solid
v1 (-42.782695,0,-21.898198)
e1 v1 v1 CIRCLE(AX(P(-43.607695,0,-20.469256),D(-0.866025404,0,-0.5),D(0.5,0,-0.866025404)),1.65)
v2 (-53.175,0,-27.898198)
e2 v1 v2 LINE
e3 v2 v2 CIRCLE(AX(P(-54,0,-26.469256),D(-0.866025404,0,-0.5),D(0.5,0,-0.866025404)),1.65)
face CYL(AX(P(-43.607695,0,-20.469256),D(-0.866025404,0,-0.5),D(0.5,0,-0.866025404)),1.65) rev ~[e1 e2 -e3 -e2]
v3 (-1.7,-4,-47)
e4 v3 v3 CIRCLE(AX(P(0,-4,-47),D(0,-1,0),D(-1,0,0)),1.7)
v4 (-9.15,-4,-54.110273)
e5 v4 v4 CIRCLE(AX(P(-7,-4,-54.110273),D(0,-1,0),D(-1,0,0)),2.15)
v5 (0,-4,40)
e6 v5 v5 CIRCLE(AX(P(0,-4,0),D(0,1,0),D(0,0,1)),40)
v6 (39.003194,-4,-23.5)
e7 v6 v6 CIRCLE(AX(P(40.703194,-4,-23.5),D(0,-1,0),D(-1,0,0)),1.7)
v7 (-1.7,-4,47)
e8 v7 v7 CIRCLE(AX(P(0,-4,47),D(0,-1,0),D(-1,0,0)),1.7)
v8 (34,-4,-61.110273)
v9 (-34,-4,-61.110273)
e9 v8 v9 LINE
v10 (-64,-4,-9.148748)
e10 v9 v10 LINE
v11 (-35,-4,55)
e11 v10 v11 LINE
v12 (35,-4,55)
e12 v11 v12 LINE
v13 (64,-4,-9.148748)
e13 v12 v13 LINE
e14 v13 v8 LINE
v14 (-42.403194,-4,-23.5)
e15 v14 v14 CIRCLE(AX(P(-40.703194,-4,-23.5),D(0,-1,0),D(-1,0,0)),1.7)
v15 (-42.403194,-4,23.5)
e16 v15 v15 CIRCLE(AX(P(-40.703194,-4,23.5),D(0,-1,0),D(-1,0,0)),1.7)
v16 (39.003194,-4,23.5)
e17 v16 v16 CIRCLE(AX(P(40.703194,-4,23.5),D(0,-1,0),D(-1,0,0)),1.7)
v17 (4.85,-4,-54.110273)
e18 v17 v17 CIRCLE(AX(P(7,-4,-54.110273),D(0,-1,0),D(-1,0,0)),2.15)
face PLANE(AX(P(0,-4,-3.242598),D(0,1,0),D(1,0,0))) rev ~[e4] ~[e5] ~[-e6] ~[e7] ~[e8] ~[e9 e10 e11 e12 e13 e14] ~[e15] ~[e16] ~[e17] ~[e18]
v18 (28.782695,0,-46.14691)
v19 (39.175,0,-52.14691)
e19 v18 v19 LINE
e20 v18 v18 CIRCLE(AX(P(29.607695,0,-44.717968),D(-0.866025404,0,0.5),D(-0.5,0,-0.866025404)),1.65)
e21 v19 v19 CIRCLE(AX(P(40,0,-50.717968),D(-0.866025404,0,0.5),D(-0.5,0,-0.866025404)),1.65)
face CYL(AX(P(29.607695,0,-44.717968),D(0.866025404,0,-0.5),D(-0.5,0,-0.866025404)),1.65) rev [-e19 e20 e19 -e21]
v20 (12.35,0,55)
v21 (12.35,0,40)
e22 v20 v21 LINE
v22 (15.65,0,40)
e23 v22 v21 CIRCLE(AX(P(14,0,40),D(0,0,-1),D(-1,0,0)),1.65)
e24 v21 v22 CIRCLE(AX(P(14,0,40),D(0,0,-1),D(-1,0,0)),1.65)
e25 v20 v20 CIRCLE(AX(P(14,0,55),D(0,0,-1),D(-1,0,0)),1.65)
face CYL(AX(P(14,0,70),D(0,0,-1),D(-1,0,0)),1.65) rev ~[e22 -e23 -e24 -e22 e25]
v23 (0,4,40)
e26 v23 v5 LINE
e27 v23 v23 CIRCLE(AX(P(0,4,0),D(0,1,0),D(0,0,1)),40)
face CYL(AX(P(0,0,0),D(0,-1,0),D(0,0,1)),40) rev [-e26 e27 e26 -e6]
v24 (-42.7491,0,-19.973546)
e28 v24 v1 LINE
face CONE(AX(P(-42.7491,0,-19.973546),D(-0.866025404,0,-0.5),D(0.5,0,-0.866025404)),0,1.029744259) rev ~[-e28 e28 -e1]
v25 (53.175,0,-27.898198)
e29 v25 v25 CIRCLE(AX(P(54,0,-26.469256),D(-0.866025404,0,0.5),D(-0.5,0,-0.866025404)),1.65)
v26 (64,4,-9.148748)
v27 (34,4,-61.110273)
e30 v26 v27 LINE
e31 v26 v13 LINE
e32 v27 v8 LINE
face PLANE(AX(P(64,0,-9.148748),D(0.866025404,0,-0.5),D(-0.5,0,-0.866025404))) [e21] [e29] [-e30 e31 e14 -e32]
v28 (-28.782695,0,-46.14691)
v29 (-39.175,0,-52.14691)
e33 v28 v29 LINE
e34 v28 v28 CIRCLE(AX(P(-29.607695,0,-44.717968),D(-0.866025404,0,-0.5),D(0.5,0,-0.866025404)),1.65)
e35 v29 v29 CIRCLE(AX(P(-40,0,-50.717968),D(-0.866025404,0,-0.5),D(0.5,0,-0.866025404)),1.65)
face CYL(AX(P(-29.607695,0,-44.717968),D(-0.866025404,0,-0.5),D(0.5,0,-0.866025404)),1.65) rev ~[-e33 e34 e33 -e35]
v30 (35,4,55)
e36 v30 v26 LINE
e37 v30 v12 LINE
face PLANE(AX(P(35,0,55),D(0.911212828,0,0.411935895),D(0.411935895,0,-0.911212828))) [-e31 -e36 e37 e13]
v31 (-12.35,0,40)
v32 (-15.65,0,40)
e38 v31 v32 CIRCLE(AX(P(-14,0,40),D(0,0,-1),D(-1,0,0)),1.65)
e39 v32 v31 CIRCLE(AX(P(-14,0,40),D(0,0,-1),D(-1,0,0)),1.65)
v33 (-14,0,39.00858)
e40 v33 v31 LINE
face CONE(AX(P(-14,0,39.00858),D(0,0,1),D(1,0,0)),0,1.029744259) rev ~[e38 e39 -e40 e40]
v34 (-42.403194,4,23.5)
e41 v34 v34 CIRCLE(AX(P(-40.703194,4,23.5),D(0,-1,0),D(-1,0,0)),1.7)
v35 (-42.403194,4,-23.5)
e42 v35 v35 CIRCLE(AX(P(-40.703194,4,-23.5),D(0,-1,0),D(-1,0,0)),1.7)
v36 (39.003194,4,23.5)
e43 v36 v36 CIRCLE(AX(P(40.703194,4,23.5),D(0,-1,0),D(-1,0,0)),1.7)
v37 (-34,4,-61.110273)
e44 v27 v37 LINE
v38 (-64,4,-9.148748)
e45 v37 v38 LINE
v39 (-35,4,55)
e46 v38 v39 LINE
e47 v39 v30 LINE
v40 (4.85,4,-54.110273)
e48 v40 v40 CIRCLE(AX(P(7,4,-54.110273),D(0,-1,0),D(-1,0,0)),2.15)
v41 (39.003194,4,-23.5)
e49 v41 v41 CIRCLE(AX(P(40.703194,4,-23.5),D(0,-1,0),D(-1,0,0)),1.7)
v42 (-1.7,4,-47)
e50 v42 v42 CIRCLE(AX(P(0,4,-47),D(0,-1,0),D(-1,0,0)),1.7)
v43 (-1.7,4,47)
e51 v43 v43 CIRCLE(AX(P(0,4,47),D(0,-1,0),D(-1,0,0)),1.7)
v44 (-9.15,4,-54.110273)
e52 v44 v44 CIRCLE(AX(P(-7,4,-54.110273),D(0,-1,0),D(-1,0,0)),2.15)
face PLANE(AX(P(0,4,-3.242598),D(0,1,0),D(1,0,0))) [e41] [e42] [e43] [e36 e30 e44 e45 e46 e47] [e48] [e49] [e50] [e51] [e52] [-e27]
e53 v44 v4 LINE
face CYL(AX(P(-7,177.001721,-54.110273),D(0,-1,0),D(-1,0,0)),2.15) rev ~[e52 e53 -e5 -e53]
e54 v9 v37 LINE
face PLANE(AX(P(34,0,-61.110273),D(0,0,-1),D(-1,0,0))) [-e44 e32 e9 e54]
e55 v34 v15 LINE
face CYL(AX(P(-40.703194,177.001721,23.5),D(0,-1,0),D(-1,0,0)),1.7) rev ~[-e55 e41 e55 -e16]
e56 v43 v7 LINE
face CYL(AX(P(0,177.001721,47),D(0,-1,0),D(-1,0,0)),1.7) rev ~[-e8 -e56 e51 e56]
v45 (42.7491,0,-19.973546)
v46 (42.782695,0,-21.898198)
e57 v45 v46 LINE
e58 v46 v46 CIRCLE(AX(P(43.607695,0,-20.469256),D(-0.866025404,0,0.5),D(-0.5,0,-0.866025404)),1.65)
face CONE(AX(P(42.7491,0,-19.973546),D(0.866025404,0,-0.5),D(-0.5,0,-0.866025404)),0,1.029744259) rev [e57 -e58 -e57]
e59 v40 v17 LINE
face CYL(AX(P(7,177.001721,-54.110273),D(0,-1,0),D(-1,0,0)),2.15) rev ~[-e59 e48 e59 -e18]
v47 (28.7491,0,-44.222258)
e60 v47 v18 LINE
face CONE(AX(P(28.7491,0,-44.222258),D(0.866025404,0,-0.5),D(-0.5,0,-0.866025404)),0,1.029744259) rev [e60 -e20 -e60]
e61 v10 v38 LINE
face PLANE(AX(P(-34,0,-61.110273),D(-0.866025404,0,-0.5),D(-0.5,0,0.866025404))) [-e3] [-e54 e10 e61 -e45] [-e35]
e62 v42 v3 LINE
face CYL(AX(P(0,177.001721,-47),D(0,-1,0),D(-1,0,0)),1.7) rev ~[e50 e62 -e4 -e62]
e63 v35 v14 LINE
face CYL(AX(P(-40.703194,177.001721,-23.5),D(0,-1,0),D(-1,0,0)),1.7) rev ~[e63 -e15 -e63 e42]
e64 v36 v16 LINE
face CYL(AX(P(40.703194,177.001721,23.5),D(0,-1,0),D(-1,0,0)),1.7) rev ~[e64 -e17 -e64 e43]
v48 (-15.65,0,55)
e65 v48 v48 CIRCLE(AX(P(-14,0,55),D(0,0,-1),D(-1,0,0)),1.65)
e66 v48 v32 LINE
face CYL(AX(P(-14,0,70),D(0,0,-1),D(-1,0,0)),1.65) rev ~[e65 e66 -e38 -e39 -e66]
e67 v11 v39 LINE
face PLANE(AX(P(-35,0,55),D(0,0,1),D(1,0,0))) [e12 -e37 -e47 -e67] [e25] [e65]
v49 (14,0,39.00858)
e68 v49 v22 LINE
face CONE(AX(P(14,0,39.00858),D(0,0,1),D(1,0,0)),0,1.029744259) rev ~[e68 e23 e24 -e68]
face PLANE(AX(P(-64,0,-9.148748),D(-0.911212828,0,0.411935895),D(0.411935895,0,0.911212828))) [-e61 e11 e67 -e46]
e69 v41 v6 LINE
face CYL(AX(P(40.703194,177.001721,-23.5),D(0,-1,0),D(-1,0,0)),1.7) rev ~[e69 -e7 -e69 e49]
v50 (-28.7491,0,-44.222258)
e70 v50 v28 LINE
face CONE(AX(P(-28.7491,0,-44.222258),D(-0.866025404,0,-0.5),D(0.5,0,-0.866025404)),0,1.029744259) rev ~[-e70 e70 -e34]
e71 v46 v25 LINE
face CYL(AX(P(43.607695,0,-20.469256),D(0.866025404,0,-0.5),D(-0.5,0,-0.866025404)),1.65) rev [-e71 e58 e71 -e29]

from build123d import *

# Parameters (mm, degrees)
SKETCH_2_R                  = 40
EXTRUDE_1_DEPTH             = 4
HOLE_WIZARD_M3_1_D          = 3.4
HOLE_WIZARD_M4_1_AT_2_COUNT = 2
HOLE_WIZARD_M4_1_AT_2_PITCH = 28
HOLE_WIZARD_M4_3_D          = 3.3
HOLE_WIZARD_M4_3_DEPTH      = 15
HOLE_WIZARD_M4_3_TIP        = 0.991420021
HOLE_WIZARD_M4_1_2_D        = 4.3


with BuildPart() as part:
    # 草图2 → 凸台-拉伸1 (new, symmetric)
    with BuildSketch(Plane(origin=(0, 0, 0), x_dir=(1, 0, 0), z_dir=(0, 1, 0))):
        Polygon((34, 61.110272543), (-34, 61.110272543), (-64, 9.148748316), (-35, -55), (35, -55), (64, 9.148748316), align=None)
        Circle(SKETCH_2_R, mode=Mode.SUBTRACT)
    extrude(amount=EXTRUDE_1_DEPTH, both=True)

    # M3 间隙孔1 (through all)
    with Locations(Plane(origin=(0, 4, 0), x_dir=(1, 0, 0), z_dir=(0, 1, 0))):
        with Locations((0, 47), (40.703193978, 23.5), (40.703193978, -23.5), (0, -47), (-40.703193978, -23.5), (-40.703193978, 23.5)):
            Hole(HOLE_WIZARD_M3_1_D / 2)

    # 草图7 → Hole Wizard M4 _1 (revolve, cut)
    with BuildSketch(Plane(origin=(40, 0, -50.717967697), x_dir=(-0.49999999999999784, 0, -0.8660254037844399), z_dir=(0, 1, 0))):
        Polygon((0, 0), (0, 12.991420021), (1.65, 12), (1.65, 0), align=None)
    hole_wizard_m4_1 = revolve(axis=Axis((45.499261314, 0, -53.892967697), (-0.8660254037844399, 0, 0.49999999999999784)), mode=Mode.SUBTRACT)

    # Hole Wizard M4 _1 at 2: Hole Wizard M4 _1 ×2
    with Locations(*[Vector(0.4999999999999979, 0, 0.8660254037844399) * (i * HOLE_WIZARD_M4_1_AT_2_PITCH) for i in range(1, HOLE_WIZARD_M4_1_AT_2_COUNT)]):
        add(hole_wizard_m4_1, mode=Mode.SUBTRACT)

    # 镜向1: Hole Wizard M4 _1 across plane
    add(hole_wizard_m4_1.mirror(Plane(origin=(0, 0, 0), x_dir=(0, 0, 1), z_dir=(1, 0, 0))), mode=Mode.SUBTRACT)

    # 镜向1 copy 1 sketch → 镜向1 copy 1 (revolve, cut)
    with BuildSketch(Plane(origin=(-54, 0, -26.469256391), x_dir=(0.49999999999999784, 0, -0.8660254037844399), z_dir=(0, 1, 0))):
        Polygon((0, 0), (0, -12.991420021), (1.65, -12), (1.65, 0), align=None)
    revolve(axis=Axis((-59.499261314, 0, -29.644256391), (-0.8660254037844399, 0, -0.49999999999999784)), mode=Mode.SUBTRACT)

    # M4 螺纹孔3
    with Locations(Plane.XY.offset(55)):
        with Locations((14, 0), (-14, 0)):
            Hole(HOLE_WIZARD_M4_3_D / 2, depth=HOLE_WIZARD_M4_3_DEPTH)
            with Locations((0, 0, -(HOLE_WIZARD_M4_3_DEPTH + HOLE_WIZARD_M4_3_TIP / 2))):  # 118° drill point
                Cone(0, HOLE_WIZARD_M4_3_D / 2, HOLE_WIZARD_M4_3_TIP, mode=Mode.SUBTRACT)

    # Hole Wizard M4 _1 2 (through all)
    with Locations(Plane(origin=(0, 4, 0), x_dir=(1, 0, 0), z_dir=(0, 1, 0))):
        with Locations((-7, 54.110272543), (7, 54.110272543)):
            Hole(HOLE_WIZARD_M4_1_2_D / 2)


solid = part.part
